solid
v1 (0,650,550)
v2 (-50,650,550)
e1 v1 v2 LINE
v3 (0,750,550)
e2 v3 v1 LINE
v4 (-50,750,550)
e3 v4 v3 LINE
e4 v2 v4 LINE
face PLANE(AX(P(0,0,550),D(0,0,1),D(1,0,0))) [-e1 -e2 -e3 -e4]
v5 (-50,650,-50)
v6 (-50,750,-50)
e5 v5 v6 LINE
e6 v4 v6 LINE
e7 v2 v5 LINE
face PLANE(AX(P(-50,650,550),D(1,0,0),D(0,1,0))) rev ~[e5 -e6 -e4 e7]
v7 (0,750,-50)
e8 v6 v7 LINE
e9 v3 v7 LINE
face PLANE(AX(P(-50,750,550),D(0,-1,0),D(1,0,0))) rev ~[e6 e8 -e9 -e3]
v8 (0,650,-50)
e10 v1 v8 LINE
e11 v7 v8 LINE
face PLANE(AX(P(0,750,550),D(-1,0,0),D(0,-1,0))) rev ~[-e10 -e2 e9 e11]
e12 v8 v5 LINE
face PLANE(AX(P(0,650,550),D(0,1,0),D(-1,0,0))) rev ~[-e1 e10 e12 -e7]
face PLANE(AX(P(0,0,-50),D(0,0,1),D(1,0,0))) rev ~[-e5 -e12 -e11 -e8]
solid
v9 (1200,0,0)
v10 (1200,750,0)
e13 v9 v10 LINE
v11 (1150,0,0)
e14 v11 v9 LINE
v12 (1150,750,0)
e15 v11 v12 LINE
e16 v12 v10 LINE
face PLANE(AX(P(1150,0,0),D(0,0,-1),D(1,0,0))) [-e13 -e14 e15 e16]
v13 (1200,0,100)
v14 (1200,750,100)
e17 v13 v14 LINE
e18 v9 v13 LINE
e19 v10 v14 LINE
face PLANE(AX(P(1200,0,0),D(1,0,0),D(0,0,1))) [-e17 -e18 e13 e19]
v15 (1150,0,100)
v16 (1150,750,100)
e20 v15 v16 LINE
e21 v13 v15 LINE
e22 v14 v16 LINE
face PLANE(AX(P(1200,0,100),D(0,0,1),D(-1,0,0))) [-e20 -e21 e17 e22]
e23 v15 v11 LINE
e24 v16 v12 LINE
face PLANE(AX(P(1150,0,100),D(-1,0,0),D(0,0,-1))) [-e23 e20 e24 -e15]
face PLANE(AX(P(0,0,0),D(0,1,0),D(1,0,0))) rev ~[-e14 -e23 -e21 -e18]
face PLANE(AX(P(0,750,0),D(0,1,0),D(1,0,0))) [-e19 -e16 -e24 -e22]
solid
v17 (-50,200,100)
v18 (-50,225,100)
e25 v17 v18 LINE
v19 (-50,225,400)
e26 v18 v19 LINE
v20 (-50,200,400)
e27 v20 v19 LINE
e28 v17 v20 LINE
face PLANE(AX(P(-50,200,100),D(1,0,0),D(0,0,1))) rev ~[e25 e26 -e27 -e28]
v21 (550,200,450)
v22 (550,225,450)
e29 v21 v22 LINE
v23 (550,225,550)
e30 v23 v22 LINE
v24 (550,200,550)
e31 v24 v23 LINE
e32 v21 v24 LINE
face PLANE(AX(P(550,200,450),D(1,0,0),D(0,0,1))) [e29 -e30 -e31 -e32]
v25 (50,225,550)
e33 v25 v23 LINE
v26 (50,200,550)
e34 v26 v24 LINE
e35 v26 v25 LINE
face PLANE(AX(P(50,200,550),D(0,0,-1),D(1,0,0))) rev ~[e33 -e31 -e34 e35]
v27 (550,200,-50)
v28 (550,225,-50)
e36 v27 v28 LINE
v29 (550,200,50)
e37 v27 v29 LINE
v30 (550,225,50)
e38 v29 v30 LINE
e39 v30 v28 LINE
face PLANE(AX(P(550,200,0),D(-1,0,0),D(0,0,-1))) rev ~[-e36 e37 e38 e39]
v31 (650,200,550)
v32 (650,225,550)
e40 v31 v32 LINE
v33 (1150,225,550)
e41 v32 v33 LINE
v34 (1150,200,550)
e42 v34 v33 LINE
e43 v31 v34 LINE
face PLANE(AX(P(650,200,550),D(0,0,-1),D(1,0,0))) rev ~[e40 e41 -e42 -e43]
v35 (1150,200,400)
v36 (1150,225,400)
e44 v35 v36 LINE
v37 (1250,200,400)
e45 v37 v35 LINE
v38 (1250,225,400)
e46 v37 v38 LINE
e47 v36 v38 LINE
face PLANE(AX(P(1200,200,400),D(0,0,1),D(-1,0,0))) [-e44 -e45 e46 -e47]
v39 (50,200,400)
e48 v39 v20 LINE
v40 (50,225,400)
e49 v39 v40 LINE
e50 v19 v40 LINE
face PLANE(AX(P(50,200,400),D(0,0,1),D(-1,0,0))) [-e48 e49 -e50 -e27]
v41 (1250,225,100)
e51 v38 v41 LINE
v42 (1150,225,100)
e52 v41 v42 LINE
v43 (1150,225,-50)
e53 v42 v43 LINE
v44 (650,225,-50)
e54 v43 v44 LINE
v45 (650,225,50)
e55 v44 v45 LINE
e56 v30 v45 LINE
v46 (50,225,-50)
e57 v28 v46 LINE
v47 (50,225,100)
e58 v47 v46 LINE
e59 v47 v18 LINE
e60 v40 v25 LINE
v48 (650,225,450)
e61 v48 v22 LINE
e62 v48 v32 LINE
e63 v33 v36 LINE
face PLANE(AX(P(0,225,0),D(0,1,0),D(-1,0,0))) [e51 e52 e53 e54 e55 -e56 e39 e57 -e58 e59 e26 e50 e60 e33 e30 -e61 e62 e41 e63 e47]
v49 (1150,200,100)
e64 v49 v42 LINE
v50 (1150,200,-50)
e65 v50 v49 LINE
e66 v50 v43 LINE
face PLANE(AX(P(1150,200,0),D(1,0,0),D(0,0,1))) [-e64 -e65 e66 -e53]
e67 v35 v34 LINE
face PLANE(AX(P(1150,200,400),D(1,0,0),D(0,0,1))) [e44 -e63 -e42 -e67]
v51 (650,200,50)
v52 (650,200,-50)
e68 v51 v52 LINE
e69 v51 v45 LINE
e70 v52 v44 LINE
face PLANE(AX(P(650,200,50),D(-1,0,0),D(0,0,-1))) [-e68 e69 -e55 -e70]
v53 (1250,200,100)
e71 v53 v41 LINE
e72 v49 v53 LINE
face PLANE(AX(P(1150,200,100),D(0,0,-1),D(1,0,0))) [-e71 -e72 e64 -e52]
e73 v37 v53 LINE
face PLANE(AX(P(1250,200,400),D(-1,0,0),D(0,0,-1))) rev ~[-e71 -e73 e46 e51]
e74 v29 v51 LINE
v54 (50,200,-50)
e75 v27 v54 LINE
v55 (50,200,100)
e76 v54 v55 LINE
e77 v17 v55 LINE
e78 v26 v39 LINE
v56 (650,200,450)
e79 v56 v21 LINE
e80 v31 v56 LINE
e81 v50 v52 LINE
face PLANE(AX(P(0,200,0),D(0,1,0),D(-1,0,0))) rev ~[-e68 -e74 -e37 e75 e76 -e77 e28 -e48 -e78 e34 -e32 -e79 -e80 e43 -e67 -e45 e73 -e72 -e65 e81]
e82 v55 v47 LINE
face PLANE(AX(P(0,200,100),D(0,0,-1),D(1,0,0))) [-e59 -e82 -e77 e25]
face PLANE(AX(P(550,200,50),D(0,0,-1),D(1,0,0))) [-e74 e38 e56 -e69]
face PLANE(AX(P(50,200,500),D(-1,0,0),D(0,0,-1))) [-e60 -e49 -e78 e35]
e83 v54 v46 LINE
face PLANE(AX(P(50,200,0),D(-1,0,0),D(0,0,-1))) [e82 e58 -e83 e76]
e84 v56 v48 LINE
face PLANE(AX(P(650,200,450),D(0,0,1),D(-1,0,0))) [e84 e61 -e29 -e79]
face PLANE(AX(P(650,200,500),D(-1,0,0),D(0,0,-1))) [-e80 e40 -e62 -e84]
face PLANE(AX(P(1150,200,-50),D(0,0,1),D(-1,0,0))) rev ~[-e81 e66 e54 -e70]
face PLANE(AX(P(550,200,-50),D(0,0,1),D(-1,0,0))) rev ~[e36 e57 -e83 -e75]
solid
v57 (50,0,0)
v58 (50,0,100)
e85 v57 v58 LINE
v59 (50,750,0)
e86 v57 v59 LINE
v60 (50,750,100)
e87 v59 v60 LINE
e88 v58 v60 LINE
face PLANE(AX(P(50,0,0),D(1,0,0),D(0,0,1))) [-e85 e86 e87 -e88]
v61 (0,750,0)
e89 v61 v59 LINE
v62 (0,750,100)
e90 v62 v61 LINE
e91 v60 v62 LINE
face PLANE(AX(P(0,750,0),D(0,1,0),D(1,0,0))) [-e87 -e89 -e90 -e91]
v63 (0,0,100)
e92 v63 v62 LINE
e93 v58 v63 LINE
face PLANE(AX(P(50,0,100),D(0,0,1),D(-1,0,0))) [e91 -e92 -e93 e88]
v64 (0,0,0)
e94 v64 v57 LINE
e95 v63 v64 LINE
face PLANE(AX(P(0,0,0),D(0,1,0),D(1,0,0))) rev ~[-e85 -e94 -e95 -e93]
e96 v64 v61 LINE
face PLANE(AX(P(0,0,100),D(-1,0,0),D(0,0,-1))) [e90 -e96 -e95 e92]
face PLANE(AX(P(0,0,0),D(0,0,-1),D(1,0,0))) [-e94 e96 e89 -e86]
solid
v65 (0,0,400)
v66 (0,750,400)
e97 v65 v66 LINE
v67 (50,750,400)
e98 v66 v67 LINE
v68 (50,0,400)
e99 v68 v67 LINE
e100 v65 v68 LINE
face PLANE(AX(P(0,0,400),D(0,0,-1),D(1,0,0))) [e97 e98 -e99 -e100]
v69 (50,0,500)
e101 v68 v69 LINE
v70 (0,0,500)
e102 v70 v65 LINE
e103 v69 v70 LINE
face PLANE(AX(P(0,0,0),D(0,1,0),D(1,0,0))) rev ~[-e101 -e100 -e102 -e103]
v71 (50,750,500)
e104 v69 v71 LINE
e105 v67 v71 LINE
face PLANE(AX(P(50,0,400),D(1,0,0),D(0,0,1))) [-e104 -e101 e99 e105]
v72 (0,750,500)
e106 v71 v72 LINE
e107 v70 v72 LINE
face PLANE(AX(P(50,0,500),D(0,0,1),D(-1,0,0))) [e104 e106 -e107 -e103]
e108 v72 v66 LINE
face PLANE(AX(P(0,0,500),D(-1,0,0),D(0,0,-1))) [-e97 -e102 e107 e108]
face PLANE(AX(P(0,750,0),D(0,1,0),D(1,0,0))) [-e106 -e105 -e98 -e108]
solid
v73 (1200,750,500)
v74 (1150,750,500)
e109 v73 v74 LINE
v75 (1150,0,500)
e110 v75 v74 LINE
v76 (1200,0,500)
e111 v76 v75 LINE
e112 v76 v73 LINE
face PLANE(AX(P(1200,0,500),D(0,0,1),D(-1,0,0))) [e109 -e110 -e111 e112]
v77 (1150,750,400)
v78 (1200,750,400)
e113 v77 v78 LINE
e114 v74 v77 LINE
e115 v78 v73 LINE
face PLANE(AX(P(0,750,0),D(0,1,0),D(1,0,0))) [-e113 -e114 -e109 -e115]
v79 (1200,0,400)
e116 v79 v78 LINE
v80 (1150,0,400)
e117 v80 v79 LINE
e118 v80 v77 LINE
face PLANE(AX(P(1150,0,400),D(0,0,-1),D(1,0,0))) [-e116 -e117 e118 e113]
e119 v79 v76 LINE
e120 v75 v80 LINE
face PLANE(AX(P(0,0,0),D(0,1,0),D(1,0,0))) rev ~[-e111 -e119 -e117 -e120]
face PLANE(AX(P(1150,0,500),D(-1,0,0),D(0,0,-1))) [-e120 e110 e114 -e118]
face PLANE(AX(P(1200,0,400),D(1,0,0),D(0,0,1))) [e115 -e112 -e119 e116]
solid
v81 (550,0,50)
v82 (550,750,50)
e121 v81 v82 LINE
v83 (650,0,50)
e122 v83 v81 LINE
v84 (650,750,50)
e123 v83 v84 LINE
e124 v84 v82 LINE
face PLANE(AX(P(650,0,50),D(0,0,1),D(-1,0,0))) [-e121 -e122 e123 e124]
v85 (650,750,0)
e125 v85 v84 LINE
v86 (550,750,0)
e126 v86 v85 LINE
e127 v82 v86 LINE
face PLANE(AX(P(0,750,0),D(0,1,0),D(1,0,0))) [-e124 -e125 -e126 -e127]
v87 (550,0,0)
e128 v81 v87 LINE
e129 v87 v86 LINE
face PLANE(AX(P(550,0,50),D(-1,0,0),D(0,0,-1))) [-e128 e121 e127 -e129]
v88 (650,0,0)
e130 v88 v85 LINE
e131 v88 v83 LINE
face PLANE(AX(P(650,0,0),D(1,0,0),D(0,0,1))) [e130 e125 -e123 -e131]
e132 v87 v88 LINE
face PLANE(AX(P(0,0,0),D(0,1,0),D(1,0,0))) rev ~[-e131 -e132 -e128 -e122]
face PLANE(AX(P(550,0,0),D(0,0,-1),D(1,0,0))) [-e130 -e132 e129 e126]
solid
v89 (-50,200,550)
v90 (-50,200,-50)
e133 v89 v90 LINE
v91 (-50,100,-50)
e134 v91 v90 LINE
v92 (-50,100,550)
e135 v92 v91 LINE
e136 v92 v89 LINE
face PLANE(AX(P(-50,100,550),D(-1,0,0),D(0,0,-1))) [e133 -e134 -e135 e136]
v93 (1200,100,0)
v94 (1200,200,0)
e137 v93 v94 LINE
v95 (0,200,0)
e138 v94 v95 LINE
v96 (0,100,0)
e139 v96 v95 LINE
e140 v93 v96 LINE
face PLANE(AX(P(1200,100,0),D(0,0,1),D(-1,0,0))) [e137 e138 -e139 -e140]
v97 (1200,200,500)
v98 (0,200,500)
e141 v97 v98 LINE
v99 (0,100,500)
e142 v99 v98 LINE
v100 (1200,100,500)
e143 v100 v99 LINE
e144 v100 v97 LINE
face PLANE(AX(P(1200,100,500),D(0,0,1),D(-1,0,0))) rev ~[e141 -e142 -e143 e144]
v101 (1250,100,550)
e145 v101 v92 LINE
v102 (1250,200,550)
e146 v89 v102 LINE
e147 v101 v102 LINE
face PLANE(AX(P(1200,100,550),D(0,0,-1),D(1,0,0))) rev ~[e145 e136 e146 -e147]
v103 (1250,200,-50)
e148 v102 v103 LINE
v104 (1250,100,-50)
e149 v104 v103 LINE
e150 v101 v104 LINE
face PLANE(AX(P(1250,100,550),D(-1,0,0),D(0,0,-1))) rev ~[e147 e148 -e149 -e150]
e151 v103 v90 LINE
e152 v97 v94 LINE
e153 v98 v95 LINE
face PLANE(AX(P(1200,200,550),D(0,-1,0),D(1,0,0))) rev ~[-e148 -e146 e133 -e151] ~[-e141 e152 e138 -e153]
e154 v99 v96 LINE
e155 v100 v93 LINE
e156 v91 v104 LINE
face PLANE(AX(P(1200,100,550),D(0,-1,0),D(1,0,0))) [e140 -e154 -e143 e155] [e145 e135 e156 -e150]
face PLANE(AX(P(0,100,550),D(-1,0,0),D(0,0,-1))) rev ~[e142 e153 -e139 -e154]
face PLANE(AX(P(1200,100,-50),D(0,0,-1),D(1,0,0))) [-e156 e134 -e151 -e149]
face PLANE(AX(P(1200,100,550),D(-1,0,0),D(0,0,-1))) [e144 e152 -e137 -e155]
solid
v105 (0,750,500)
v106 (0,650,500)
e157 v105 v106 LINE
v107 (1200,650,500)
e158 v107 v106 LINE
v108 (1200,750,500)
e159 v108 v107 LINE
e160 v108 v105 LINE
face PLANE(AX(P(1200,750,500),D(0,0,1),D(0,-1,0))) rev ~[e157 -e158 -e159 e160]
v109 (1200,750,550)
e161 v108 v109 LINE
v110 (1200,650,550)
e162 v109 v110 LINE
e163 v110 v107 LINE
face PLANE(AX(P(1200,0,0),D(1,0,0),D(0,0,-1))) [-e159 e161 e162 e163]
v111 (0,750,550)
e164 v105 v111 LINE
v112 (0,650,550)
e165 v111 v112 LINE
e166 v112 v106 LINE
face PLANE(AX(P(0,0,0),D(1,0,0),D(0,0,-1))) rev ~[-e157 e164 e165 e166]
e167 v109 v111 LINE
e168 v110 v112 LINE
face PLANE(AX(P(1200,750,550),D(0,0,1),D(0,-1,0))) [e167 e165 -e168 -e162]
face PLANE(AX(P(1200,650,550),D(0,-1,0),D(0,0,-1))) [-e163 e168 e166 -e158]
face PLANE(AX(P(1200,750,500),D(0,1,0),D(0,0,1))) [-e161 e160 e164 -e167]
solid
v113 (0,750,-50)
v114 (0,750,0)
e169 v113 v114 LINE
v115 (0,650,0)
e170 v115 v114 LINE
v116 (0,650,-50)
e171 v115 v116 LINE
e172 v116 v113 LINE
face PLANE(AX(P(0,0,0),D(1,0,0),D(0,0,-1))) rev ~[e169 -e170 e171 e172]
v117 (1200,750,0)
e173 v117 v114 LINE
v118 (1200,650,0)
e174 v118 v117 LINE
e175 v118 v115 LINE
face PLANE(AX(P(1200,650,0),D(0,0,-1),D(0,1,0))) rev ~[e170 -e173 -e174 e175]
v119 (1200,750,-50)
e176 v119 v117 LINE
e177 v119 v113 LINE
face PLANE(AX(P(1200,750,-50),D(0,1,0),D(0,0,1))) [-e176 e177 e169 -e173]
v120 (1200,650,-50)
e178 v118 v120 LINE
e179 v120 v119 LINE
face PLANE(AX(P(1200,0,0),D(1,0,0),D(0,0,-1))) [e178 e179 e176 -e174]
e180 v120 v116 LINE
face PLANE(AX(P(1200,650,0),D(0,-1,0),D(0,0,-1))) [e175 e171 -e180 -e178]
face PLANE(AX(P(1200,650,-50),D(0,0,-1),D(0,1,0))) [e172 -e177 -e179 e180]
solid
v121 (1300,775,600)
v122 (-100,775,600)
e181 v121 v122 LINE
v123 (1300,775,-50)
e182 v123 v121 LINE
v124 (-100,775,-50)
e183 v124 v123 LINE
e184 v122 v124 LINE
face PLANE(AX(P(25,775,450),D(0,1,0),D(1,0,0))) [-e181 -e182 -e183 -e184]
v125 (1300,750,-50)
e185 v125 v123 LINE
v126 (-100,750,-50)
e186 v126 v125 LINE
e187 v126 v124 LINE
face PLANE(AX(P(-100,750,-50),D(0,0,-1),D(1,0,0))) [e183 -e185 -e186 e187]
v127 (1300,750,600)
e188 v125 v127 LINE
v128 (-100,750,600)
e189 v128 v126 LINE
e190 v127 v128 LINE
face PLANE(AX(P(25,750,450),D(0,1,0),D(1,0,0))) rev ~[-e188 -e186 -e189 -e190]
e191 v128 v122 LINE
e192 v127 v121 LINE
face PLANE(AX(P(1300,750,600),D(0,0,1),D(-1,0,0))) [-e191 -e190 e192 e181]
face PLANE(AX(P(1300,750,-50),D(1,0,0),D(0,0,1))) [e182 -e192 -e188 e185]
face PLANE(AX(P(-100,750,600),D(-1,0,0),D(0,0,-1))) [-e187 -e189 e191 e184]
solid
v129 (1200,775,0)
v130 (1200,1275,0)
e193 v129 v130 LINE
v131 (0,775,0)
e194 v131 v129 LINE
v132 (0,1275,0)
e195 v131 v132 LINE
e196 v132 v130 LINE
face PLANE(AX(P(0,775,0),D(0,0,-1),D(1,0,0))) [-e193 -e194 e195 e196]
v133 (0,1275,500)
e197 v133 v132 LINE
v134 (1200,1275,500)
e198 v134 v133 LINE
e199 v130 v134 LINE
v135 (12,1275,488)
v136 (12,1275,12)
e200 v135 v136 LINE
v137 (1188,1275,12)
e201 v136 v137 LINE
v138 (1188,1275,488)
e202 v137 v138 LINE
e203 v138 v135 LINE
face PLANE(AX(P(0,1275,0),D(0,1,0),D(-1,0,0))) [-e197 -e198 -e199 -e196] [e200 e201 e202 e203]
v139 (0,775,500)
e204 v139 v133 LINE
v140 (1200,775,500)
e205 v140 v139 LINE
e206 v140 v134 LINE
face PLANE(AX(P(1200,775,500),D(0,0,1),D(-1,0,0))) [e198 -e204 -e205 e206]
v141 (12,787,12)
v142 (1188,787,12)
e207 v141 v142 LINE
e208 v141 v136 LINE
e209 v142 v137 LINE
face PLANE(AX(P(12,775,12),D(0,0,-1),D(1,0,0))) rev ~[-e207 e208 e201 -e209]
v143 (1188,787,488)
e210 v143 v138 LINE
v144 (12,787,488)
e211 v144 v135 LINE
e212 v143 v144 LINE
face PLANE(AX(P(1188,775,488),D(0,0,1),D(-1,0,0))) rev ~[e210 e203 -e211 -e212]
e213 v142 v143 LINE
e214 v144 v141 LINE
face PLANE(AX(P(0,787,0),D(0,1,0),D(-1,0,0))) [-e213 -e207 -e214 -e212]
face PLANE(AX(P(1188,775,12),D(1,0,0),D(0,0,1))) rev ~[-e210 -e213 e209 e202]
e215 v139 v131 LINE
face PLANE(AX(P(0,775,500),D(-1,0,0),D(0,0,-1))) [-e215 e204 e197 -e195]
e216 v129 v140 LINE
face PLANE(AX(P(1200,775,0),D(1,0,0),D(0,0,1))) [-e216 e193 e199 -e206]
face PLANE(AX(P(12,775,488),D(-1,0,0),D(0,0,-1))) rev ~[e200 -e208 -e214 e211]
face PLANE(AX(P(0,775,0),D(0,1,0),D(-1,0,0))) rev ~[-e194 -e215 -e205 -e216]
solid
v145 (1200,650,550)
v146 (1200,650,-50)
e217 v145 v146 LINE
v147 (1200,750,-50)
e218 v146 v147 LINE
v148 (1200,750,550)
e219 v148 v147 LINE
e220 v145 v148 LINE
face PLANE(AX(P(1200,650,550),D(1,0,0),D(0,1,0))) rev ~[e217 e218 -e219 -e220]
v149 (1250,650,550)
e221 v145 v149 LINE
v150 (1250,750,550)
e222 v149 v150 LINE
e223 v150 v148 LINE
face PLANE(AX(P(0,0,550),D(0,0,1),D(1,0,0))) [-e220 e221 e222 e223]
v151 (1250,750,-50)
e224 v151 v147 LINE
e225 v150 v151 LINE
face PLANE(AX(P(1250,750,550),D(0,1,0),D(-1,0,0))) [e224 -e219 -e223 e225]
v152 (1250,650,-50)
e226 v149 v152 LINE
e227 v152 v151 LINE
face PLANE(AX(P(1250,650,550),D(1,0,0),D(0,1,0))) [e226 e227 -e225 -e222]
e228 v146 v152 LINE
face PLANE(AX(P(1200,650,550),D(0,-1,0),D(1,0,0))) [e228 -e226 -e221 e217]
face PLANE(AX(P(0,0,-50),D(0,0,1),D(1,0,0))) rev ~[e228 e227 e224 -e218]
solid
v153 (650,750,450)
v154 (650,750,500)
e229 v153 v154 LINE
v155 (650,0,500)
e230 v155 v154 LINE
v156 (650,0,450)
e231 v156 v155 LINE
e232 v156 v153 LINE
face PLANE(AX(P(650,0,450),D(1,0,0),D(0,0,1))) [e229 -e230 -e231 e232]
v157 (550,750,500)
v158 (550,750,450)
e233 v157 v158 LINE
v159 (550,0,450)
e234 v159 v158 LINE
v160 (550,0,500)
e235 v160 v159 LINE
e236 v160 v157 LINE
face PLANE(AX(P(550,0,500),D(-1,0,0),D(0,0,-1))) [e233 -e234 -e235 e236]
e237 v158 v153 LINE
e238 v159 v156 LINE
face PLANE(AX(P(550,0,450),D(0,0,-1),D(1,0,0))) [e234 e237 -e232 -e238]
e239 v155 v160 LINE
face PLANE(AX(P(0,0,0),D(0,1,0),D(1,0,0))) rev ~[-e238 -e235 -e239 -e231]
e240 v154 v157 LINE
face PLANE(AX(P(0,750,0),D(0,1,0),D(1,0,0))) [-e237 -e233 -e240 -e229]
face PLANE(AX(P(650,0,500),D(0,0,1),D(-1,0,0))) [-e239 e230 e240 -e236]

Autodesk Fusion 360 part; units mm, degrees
sketch "Sketch1" plane through (0, 0, 0) normal (0, 1, 0) x (1, 0, 0)
  line L0 (0, 0) -> (50, 0)
  line L1 (50, 0) -> (50, -100)
  line L2 (50, -100) -> (0, -100)
  line L3 (0, -100) -> (0, 0)
  line L4 (1150, -100) -> (1150, 0)
  line L5 (1150, 0) -> (1200, 0)
  line L6 (1200, 0) -> (1200, -100)
  line L7 (1200, -100) -> (1150, -100)
  line L8 (0, -500) -> (0, -400)
  line L9 (0, -400) -> (50, -400)
  line L10 (50, -400) -> (50, -500)
  line L11 (50, -500) -> (0, -500)
  line L12 (1150, -500) -> (1150, -400)
  line L13 (1150, -400) -> (1200, -400)
  line L14 (1200, -400) -> (1200, -500)
  line L15 (1200, -500) -> (1150, -500)
  line L16 (550, 0) -> (650, 0)
  line L17 (650, 0) -> (650, -50)
  line L18 (650, -50) -> (550, -50)
  line L19 (550, -50) -> (550, 0)
  line L20 (550, -450) -> (650, -450)
  line L21 (650, -450) -> (650, -500)
  line L22 (650, -500) -> (550, -500)
  line L23 (550, -500) -> (550, -450)
  line L24 (600, 92.4103) -> (600, -713.1129) construction
  dimension "d1" = 100
  dimension "d2" = 50
  dimension "d5" = 1150
  dimension "d6" = -400
  dimension "d7" = 1200
  dimension "d8" = 500
extrude "Extrude1" add sketch "Sketch1" along normal blind 750 makes body 1 at (50, 250, 33.3333) makes body 2 at (0, 250, 466.6667) makes body 3 at (1150, 250, 66.6667) makes body 4 at (1150, 250, 466.6667) makes body 5 at (583.3333, 250, 0) makes body 6 at (616.6667, 250, 500)
ref_plane "WorkPlane1" through (25, 750, 450) normal (0, 1, 0) x (0, 0, 1)
sketch "Tampo" plane through (25, 750, 450) normal (0, 1, 0) x (1, 0, 0)
  line L0 (-125, 500) -> (1275, 500)
  line L1 (1275, 500) -> (1275, -150)
  line L2 (1275, -150) -> (-125, -150)
  line L3 (-125, -150) -> (-125, 500)
  point P0 (-25, -50)
  point P1 (-25, 450)
  point P2 (1175, 450)
  point P3 (1175, -50)
  dimension "d12" = 100
  dimension "d13" = 50
  dimension "d14" = 100
  dimension "d15" = 100
extrude "Extrude2" add sketch "Tampo" along normal blind 25 separate body makes body 7
sketch "Sketch7" plane through (1200, 0, 0) normal (1, 0, 0) x (0, 0, -1)
  line L0 (-500, 0) -> (-400, 0)
  line L1 (-400, 0) -> (-400, 750)
  line L2 (-400, 750) -> (-500, 750)
  line L3 (-500, 750) -> (-500, 0)
  line L4 (-500, 750) -> (-550, 750)
  line L5 (-550, 750) -> (-550, 650)
  line L6 (-550, 650) -> (-500, 650)
  line L7 (-500, 650) -> (-500, 750)
  line L8 (-600, 775) -> (50, 775)
  line L9 (-100, 0) -> (0, 0)
  line L10 (0, 0) -> (0, 750)
  line L11 (0, 750) -> (-100, 750)
  line L12 (-100, 750) -> (-100, 0)
  line L13 (0, 650) -> (50, 650)
  line L14 (50, 750) -> (-600, 750)
  line L15 (50, 650) -> (50, 750)
  dimension "d18" = 50
  dimension "d19" = 100
  dimension "d22" = 50
  dimension "d23" = 100
extrude "Extrude3" add sketch "Sketch7" against normal up to surface (1200 mm away) separate body contours L3 L4 L5 L6 L7 L14 | L10 L13 L14 L15 makes body 8 at (800, 716.6667, 550) makes body 9 at (800, 683.3333, -50)
sketch "Sketch8" plane through (0, 0, 550) normal (0, 0, 1) x (1, 0, 0)
  line L0 (0, 750) -> (0, 650)
  line L1 (0, 650) -> (1200, 650)
  line L2 (1200, 650) -> (1200, 750)
  line L3 (1200, 750) -> (0, 750)
  line L4 (1200, 650) -> (1250, 650)
  line L5 (1250, 650) -> (1250, 750)
  line L6 (1250, 750) -> (1200, 750)
  line L7 (1200, 750) -> (1200, 650)
  line L8 (0, 650) -> (-50, 650)
  line L9 (-50, 650) -> (-50, 750)
  line L10 (-50, 750) -> (0, 750)
  line L11 (0, 750) -> (0, 650)
  line L12 (1300, 750) -> (-100, 750)
  dimension "d24" = 50
  dimension "d25" = 50
extrude "Extrude4" add sketch "Sketch8" against normal up to surface (600 mm away) separate body contours L0 L8 L9 L10 L11 L12 | L2 L4 L5 L6 L7 L12 makes body 10 at (0, 716.6667, 350) makes body 11 at (1250, 683.3333, 350)
extrude "Extrude5" add 4 faces at (1216.6667, 650, 350) (800, 650, 533.3333) (800, 650, -16.6667) (-16.6667, 650, 350) along direction (0, 1, 0) blind 100 from surface at 100 separate body start surface through (0, 0, 0) normal (0, -1, 0) on bodies 8 9 10 11 makes body 12
sketch "Vidro" plane through (0, 775, 0) normal (0, 1, 0) x (-1, 0, 0)
  line L0 (100, 600) -> (-1300, 600)
  line L1 (-1300, 600) -> (-1300, -50)
  line L2 (-1300, -50) -> (100, -50)
  line L3 (100, -50) -> (100, 600)
  line L4 (0, 0) -> (-1200, 0)
  line L5 (-1200, 0) -> (-1200, 500)
  line L6 (-1200, 500) -> (0, 500)
  line L7 (0, 500) -> (0, 0)
  line L8 (-1188, 488) -> (-12, 488)
  line L9 (-12, 488) -> (-12, 12)
  line L10 (-12, 12) -> (-1188, 12)
  line L11 (-1188, 12) -> (-1188, 488)
  dimension "d31" = 50
  dimension "d32" = 100
  dimension "d33" = 100
  dimension "d34" = 100
  dimension "d35" = 12
extrude "Extrude6" add sketch "Vidro" along normal blind 12 separate body contours L8 L9 L10 L11 makes body 13
extrude "Extrude7" add sketch "Vidro" along normal blind 500 contours L4 L5 L6 L7 bodies 13
sketch "Sketch10" plane through (0, 200, 0) normal (0, 1, 0) x (-1, 0, 0)
  line L0 (0, 0) -> (-1200, 0)
  line L1 (-1200, 0) -> (-1200, 500)
  line L2 (-1200, 500) -> (0, 500)
  line L3 (0, 500) -> (0, 0)
  line L4 (-1250, -50) -> (50, -50)
  line L5 (50, -50) -> (50, 550)
  line L6 (50, 550) -> (-1250, 550)
  line L7 (-1250, 550) -> (-1250, -50)
  line L8 (0, 100) -> (-50, 100)
  line L9 (-50, 100) -> (-50, 0)
  line L10 (-50, 0) -> (0, 0)
  line L11 (0, 0) -> (0, 100)
  line L12 (-50, 500) -> (-50, 400)
  line L13 (-50, 400) -> (0, 400)
  line L14 (0, 400) -> (0, 500)
  line L15 (0, 500) -> (-50, 500)
  line L16 (-550, 50) -> (-650, 50)
  line L17 (-650, 50) -> (-650, 0)
  line L18 (-650, 0) -> (-550, 0)
  line L19 (-550, 0) -> (-550, 50)
  line L20 (-550, 500) -> (-650, 500)
  line L21 (-650, 500) -> (-650, 450)
  line L22 (-650, 450) -> (-550, 450)
  line L23 (-550, 450) -> (-550, 500)
  line L24 (-1200, 100) -> (-1200, 0)
  line L25 (-1200, 0) -> (-1150, 0)
  line L26 (-1150, 0) -> (-1150, 100)
  line L27 (-1150, 100) -> (-1200, 100)
  line L28 (-1200, 500) -> (-1200, 400)
  line L29 (-1200, 400) -> (-1150, 400)
  line L30 (-1150, 400) -> (-1150, 500)
  line L31 (-1150, 500) -> (-1200, 500)
  line L32 (0, 100) -> (50, 100)
  line L33 (-50, 0) -> (-50, -50)
  line L34 (0, 400) -> (50, 400)
  line L35 (-50, 500) -> (-50, 550)
  line L36 (-1150, 0) -> (-1150, -50)
  line L37 (-1200, 100) -> (-1250, 100)
  line L38 (-1200, 400) -> (-1250, 400)
  line L39 (-1150, 500) -> (-1150, 550)
  line L40 (-550, 0) -> (-550, -50)
  line L41 (-650, 0) -> (-650, -50)
  line L42 (-550, 500) -> (-550, 550)
  line L43 (-650, 500) -> (-650, 550)
extrude "Extrude8" add sketch "Sketch10" along normal blind 25 separate body contours L0 L4 L33 L40 | L0 L1 L2 L3 L8 L9 L12 L13 L16 L17 L19 L21 L22 L23 L26 L27 L29 L30 | L3 L5 L32 L34 | L0 L4 L36 L41 | L2 L6 L35 L42 | L1 L7 L37 L38 | L2 L6 L39 L43 makes body 14
